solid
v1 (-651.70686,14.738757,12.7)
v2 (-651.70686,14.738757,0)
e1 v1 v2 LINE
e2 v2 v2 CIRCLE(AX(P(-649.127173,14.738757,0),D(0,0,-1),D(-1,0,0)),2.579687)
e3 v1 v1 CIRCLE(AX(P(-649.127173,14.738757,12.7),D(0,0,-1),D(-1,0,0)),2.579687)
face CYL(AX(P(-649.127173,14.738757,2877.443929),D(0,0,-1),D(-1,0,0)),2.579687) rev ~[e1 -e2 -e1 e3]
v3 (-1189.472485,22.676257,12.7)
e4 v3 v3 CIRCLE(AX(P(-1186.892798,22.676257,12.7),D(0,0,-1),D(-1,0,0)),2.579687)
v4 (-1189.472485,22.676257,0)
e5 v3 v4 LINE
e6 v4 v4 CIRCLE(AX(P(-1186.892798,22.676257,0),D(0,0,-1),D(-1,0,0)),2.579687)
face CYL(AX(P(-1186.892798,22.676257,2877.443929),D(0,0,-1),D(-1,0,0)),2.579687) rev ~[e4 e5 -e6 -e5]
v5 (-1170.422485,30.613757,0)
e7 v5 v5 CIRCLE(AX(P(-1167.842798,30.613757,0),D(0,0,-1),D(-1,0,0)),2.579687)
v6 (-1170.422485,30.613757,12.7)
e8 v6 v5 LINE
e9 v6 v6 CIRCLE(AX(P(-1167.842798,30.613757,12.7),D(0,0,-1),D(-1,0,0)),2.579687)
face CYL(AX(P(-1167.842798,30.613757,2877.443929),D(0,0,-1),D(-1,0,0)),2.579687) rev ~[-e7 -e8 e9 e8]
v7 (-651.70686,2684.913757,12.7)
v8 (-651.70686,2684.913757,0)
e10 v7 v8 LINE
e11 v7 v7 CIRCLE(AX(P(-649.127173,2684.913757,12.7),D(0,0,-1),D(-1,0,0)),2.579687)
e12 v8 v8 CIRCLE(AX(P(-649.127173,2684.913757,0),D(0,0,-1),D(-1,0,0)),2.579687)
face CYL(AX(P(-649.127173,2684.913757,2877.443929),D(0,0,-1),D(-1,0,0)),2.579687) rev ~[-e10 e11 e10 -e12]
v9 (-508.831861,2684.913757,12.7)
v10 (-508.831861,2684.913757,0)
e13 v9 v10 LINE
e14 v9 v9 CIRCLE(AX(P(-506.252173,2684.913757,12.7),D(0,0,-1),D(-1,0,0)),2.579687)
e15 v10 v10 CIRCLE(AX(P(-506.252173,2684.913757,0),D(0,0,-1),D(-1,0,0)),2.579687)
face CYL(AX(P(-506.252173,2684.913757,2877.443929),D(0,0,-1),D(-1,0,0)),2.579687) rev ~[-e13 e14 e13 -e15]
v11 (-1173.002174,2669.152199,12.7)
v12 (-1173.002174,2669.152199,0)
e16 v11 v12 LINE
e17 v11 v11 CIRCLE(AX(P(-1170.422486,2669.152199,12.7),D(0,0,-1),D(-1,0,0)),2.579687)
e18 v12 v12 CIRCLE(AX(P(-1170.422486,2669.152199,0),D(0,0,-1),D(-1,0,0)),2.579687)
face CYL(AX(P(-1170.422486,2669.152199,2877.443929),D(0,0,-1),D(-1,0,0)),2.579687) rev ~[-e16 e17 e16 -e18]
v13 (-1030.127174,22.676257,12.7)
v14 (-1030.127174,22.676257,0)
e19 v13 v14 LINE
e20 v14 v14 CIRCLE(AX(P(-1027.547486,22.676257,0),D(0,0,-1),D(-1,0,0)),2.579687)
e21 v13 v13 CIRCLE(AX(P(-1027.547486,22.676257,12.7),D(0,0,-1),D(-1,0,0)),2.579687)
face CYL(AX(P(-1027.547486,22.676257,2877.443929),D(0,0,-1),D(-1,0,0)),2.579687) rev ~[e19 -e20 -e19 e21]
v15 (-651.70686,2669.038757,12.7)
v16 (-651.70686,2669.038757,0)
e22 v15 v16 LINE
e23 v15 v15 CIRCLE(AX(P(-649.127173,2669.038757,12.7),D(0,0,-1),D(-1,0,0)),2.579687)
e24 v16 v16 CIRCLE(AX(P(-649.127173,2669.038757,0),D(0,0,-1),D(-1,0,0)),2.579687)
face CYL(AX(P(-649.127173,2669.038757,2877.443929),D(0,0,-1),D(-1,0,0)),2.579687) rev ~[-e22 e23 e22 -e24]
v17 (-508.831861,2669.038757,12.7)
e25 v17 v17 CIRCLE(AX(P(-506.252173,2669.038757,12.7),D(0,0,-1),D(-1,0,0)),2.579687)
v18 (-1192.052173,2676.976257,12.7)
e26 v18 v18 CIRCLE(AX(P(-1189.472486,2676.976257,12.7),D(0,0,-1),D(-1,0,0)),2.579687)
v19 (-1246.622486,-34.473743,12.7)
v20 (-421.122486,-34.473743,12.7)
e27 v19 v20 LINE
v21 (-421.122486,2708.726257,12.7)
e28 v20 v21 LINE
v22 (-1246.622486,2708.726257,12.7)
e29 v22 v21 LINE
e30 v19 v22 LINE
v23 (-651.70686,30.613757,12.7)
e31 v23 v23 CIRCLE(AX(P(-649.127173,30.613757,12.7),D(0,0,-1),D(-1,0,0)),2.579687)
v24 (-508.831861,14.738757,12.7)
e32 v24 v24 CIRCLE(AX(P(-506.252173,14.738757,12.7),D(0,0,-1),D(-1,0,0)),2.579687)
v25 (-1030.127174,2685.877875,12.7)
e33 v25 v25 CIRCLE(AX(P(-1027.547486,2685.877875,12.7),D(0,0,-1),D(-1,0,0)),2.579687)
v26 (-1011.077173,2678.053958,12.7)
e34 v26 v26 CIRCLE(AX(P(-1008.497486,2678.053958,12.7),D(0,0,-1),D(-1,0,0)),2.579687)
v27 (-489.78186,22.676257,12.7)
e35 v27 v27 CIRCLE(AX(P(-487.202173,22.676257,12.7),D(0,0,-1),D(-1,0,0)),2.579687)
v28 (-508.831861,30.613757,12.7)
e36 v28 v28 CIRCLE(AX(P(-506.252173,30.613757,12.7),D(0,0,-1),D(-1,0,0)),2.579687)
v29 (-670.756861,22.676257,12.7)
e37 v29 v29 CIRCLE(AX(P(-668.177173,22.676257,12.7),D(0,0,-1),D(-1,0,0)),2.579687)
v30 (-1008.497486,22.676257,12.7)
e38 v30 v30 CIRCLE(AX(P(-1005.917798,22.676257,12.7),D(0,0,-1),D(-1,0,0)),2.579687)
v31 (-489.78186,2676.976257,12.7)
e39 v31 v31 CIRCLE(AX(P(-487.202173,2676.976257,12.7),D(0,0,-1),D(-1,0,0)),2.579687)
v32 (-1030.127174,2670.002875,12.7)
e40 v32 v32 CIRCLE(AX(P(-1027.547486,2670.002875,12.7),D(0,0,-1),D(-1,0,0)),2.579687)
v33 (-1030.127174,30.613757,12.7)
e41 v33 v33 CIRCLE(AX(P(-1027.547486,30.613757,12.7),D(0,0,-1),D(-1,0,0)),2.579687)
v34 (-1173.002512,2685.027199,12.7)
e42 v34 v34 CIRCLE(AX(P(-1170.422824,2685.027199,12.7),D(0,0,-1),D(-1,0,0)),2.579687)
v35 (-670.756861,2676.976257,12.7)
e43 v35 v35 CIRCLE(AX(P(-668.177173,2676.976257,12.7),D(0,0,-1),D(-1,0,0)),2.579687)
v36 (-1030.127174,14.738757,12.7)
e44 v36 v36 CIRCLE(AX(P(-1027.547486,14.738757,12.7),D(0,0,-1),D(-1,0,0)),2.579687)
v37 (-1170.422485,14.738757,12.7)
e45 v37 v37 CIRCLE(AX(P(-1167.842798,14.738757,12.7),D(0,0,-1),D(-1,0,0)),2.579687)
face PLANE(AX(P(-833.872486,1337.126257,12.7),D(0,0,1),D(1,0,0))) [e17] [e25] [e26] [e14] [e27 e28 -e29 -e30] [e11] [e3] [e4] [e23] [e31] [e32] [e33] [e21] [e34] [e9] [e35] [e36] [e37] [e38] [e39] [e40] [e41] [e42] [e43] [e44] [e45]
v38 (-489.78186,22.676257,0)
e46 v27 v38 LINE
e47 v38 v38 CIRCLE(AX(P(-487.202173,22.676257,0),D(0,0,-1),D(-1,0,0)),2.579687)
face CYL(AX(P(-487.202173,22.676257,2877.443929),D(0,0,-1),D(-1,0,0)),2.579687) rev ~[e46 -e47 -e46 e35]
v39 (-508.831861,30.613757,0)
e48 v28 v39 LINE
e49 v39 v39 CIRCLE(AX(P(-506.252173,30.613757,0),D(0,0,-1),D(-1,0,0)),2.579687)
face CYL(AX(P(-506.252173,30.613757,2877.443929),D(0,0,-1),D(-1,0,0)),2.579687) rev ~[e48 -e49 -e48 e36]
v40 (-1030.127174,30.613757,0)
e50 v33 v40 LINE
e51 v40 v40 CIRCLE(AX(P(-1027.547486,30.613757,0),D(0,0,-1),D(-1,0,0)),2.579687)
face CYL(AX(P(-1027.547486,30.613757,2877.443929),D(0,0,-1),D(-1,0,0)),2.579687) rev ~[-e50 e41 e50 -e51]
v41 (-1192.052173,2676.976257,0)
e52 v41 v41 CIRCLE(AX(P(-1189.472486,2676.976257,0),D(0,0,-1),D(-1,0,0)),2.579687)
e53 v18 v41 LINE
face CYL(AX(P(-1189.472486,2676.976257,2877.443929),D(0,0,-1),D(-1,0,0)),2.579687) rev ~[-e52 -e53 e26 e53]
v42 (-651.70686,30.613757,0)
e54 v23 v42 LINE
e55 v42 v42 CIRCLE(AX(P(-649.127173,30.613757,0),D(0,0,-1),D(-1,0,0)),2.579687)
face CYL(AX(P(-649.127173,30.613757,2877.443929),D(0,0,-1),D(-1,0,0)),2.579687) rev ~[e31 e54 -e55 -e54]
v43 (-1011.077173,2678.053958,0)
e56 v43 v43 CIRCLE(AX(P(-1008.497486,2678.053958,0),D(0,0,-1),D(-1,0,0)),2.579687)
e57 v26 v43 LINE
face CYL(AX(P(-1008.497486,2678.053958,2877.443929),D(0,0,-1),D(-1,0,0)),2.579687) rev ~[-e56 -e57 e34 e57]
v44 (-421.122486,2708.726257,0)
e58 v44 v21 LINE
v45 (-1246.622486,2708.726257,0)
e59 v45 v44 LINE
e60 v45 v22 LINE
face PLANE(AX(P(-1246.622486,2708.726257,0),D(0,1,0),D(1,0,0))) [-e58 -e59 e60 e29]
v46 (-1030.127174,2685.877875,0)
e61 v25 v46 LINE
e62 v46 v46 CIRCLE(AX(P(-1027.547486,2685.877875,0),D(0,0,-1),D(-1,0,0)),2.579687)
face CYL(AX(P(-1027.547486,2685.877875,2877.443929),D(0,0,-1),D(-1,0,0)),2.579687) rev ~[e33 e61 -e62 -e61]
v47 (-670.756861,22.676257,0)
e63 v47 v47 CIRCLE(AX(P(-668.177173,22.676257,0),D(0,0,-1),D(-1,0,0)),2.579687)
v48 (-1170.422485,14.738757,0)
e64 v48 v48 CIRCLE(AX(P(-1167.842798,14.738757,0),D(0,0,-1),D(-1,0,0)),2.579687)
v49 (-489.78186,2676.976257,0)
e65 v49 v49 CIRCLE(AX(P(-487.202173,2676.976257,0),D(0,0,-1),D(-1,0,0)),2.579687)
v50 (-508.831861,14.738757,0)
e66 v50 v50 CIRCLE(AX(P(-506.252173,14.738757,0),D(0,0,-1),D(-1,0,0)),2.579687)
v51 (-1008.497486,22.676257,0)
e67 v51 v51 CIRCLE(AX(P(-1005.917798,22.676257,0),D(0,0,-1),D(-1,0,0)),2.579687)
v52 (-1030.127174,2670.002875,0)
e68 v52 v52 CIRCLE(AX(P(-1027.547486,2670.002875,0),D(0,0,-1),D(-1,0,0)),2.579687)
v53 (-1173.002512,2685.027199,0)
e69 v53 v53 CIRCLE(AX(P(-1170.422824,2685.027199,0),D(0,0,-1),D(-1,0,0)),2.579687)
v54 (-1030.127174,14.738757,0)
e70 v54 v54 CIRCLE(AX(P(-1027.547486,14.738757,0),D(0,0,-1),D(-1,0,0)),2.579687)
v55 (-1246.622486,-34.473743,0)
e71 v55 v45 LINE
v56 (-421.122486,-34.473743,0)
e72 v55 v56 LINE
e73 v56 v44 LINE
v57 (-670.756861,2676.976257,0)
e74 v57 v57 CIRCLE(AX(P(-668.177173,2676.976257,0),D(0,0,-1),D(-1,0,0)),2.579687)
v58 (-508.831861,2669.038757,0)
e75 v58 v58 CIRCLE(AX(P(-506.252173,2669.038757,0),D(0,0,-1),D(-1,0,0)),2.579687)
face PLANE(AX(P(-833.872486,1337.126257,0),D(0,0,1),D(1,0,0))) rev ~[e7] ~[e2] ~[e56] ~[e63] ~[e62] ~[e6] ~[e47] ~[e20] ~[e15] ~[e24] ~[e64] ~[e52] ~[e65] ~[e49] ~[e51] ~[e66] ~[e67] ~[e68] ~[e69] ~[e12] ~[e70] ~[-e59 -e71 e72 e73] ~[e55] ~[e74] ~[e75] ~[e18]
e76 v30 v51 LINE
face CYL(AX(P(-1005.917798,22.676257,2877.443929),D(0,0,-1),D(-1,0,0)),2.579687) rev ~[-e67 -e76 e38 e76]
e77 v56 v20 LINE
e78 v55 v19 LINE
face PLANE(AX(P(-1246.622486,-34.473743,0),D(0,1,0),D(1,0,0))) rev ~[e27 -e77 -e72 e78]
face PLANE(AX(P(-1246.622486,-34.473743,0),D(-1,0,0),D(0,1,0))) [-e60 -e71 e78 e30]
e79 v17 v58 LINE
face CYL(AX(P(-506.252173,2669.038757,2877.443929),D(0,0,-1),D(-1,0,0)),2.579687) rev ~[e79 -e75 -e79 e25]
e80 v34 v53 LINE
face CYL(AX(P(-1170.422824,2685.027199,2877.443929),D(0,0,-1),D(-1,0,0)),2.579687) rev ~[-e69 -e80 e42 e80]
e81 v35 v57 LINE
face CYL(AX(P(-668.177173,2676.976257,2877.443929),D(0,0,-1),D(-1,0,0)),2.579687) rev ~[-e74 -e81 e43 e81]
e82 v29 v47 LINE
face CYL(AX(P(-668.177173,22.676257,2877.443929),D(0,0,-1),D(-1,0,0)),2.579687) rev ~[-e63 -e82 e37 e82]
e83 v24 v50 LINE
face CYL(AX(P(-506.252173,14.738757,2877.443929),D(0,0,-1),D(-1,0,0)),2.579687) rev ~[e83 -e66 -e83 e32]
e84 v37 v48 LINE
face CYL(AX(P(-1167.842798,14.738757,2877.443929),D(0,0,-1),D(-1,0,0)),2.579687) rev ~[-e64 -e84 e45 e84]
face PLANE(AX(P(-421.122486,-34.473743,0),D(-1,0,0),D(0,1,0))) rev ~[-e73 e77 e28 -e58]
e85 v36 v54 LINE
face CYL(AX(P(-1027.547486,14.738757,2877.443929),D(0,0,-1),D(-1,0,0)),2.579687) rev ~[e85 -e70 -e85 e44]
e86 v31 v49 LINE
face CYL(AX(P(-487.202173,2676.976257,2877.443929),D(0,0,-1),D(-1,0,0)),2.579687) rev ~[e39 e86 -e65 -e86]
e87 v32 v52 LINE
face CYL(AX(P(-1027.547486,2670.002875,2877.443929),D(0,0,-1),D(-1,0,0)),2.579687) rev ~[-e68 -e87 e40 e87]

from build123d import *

# Parameters (mm, degrees)
F0_W     = 825.5
F0_H     = 2743.2
F1_DEPTH = 12.7
F3_D     = 5.159375


with BuildPart() as f1:
    # F0 (on Top) → F1 (new body)
    with BuildSketch(Plane.XY):
        with Locations((-833.872486, 1337.126257)):
            Rectangle(F0_W, F0_H)
    extrude(amount=F1_DEPTH)

    # F3 (through all)
    with Locations(Plane.XY.offset(12.7)):
        with Locations((-487.202173, 2676.976257), (-668.177173, 2676.976257), (-649.127173, 2684.913757), (-1189.472486, 2676.976257), (-1027.547486, 2670.002875), (-1027.547486, 2685.877875), (-506.252173, 2684.913757), (-1008.497486, 2678.053958), (-1170.422824, 2685.027199), (-649.127173, 2669.038757), (-1170.422486, 2669.152199), (-506.252173, 2669.038757), (-1005.917798, 22.676257), (-1027.547486, 14.738757), (-1167.842798, 14.738757), (-668.177173, 22.676257), (-649.127173, 14.738757), (-1027.547486, 30.613757), (-649.127173, 30.613757), (-506.252173, 14.738757), (-1167.842798, 30.613757), (-1186.892798, 22.676257), (-506.252173, 30.613757), (-487.202173, 22.676257), (-1027.547486, 22.676257)):
            Hole(F3_D / 2)


solid = f1.part
